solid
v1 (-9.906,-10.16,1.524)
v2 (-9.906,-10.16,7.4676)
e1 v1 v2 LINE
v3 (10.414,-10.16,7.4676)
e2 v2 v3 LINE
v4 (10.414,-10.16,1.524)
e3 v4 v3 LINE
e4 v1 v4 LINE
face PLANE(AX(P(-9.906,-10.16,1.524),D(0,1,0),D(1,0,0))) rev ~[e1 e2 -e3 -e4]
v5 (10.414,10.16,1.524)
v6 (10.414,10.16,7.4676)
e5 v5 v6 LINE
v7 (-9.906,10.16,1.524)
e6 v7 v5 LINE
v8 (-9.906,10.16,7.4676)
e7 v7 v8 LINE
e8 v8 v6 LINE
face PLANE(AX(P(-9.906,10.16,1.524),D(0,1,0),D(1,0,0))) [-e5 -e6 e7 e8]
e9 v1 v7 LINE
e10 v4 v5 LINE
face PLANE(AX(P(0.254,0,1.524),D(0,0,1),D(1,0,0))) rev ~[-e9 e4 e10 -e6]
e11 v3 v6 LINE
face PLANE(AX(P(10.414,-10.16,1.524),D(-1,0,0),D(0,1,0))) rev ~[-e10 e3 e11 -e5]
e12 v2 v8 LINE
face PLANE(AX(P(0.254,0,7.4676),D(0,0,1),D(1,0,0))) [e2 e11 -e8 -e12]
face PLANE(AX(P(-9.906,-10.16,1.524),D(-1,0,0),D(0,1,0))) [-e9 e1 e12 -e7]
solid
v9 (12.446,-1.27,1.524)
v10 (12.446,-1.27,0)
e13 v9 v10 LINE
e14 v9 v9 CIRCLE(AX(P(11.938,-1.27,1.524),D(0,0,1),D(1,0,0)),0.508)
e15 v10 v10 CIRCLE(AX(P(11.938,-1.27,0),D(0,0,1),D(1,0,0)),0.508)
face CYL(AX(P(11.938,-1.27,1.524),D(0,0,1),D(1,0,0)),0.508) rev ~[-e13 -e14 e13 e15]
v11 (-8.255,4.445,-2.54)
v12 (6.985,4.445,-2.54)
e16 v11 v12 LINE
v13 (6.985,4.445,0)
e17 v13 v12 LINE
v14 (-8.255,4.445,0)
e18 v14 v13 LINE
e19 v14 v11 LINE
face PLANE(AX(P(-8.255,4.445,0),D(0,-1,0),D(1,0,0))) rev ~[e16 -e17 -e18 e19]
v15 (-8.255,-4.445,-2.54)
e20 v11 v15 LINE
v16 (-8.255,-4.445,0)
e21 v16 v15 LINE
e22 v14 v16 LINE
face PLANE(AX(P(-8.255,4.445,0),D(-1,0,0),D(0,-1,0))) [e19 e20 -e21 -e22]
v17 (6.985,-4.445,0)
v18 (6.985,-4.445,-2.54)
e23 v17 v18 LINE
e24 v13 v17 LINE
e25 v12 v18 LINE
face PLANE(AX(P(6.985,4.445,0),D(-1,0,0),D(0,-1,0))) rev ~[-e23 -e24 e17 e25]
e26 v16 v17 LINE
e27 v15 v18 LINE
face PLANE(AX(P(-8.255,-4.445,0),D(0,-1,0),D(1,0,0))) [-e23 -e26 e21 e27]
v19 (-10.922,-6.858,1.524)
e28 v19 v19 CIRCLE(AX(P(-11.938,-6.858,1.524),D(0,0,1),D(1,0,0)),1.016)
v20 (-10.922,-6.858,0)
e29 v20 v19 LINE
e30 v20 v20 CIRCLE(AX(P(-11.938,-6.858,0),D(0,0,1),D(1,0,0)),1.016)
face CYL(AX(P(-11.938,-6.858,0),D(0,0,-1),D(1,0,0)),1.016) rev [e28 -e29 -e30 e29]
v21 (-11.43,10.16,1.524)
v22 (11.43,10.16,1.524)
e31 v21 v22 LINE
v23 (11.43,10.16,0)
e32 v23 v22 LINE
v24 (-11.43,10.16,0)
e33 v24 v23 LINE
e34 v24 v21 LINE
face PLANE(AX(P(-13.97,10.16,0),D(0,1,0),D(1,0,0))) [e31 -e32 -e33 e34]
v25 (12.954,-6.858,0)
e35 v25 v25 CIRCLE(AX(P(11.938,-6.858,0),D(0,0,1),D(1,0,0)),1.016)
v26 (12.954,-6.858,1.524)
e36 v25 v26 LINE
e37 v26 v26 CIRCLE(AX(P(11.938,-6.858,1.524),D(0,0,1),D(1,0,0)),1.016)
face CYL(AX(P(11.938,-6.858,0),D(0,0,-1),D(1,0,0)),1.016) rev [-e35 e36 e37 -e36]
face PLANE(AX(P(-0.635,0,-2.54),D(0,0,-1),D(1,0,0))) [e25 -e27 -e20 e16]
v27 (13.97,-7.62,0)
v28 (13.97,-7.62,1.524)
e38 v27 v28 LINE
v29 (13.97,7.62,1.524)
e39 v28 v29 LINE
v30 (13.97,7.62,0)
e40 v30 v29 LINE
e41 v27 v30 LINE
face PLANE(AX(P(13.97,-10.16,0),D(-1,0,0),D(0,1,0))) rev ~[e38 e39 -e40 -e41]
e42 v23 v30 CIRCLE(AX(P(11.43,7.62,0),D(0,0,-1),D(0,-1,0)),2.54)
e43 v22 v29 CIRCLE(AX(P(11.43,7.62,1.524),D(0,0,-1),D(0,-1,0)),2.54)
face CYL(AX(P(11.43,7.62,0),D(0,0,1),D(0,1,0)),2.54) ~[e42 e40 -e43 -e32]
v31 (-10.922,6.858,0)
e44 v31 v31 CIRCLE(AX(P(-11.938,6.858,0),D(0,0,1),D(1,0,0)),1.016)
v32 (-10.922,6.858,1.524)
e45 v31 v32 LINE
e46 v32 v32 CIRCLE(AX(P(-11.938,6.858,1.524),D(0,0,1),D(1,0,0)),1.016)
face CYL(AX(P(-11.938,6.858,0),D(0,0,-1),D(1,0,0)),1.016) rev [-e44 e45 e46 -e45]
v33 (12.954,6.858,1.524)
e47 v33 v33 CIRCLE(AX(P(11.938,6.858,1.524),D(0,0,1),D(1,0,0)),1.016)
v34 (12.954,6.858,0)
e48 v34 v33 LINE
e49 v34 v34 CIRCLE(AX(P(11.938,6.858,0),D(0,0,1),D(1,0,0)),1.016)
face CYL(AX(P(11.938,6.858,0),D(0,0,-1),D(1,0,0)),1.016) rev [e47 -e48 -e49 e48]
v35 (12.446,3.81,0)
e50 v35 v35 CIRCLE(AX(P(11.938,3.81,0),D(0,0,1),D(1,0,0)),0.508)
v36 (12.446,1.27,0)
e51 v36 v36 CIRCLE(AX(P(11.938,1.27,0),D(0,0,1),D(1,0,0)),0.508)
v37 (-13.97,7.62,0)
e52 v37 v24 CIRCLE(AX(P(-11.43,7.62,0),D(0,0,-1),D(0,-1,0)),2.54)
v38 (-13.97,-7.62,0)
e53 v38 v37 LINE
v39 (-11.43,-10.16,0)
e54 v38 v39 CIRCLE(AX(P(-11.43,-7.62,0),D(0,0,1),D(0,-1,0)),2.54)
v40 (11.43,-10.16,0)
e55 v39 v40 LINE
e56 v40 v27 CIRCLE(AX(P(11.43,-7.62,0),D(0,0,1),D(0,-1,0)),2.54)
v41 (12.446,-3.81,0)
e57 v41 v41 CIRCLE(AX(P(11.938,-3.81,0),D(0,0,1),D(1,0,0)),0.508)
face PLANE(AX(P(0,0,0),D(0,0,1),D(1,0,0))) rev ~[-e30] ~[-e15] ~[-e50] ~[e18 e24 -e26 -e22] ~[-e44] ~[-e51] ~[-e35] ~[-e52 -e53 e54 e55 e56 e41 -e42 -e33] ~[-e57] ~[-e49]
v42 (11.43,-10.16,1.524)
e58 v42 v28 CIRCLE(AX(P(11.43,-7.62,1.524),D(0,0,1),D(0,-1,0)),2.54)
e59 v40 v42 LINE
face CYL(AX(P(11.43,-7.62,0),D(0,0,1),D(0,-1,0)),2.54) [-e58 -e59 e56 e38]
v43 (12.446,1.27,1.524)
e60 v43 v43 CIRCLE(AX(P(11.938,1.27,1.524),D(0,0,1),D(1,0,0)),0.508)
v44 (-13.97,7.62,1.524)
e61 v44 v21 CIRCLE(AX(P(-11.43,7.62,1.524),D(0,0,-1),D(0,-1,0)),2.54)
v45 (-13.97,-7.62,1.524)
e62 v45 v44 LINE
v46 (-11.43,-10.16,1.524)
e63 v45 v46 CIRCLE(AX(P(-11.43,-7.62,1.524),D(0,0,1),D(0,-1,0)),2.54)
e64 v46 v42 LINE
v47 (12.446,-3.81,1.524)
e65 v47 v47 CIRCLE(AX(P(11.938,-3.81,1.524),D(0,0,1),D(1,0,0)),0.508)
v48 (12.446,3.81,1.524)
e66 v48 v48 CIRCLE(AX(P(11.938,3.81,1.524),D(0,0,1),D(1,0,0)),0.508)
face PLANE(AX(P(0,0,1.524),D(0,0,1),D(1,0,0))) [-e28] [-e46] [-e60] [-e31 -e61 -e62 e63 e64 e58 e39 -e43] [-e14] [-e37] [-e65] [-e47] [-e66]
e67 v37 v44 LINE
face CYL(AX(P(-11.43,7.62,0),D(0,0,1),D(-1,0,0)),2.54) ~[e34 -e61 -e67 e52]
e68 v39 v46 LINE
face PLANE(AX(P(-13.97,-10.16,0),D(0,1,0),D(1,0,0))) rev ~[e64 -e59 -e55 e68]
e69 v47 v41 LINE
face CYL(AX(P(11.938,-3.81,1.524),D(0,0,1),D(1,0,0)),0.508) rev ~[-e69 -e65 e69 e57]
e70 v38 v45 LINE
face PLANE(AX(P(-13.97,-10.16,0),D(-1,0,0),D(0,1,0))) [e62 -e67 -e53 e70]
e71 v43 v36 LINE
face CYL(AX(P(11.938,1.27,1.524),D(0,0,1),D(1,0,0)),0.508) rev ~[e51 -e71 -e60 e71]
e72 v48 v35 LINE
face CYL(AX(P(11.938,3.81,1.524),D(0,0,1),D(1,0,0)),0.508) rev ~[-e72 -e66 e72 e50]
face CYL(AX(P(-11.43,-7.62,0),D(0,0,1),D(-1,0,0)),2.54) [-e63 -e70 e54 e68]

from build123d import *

# Parameters (mm, degrees)
F0_W     = 27.94
F0_H     = 20.32
F0_R     = 1.016
F1_DEPTH = 1.524
F2_R     = 2.54
F3_W     = 20.32
F3_H     = 20.32
F4_DEPTH = 5.9436
F5_R     = 0.508
F6_DEPTH = 1.525
F7_W     = 15.24
F7_H     = 8.89
F8_DEPTH = 2.54


with BuildPart() as f1:
    # F0 (on Top) → F1 (new body)
    with BuildSketch(Plane.XY):
        Rectangle(F0_W, F0_H)
        with Locations((-11.938, -6.858)):
            Circle(F0_R, mode=Mode.SUBTRACT)
        with Locations((11.938, -6.858)):
            Circle(F0_R, mode=Mode.SUBTRACT)
        with Locations((-11.938, 6.858)):
            Circle(F0_R, mode=Mode.SUBTRACT)
        with Locations((11.938, 6.858)):
            Circle(F0_R, mode=Mode.SUBTRACT)
    extrude(amount=F1_DEPTH)

    # F2
    f2_edges = [f1.edges().sort_by_distance(p)[0] for p in [
        (13.97, -10.16, 0.762),
        (-13.97, -10.16, 0.762),
        (-13.97, 10.16, 0.762),
        (13.97, 10.16, 0.762),
    ]]
    fillet(f2_edges, radius=F2_R)

    # F5 (on face) → F6 (cut, through all)
    with BuildSketch(Plane.XY.offset(1.524)):
        with Locations((11.938, 3.81)):
            Circle(F5_R)
        with Locations((11.938, 1.27)):
            Circle(F5_R)
        with Locations((11.938, -1.27)):
            Circle(F5_R)
        with Locations((11.938, -3.81)):
            Circle(F5_R)
    extrude(amount=-F6_DEPTH, mode=Mode.SUBTRACT)

    # F7 (on face) → F8 (join)
    with BuildSketch(Plane(origin=(0, 0, 0), x_dir=(1, 0, 0), z_dir=(0, 0, -1))):
        with Locations((-0.635, 0)):
            Rectangle(F7_W, F7_H)
    extrude(amount=F8_DEPTH)


with BuildPart() as f4:
    # F3 (on face) → F4 (new body)
    with BuildSketch(Plane.XY.offset(1.524)):
        with Locations((0.254, 0)):
            Rectangle(F3_W, F3_H)
    extrude(amount=F4_DEPTH)


solid = Compound([f1.part, f4.part])
